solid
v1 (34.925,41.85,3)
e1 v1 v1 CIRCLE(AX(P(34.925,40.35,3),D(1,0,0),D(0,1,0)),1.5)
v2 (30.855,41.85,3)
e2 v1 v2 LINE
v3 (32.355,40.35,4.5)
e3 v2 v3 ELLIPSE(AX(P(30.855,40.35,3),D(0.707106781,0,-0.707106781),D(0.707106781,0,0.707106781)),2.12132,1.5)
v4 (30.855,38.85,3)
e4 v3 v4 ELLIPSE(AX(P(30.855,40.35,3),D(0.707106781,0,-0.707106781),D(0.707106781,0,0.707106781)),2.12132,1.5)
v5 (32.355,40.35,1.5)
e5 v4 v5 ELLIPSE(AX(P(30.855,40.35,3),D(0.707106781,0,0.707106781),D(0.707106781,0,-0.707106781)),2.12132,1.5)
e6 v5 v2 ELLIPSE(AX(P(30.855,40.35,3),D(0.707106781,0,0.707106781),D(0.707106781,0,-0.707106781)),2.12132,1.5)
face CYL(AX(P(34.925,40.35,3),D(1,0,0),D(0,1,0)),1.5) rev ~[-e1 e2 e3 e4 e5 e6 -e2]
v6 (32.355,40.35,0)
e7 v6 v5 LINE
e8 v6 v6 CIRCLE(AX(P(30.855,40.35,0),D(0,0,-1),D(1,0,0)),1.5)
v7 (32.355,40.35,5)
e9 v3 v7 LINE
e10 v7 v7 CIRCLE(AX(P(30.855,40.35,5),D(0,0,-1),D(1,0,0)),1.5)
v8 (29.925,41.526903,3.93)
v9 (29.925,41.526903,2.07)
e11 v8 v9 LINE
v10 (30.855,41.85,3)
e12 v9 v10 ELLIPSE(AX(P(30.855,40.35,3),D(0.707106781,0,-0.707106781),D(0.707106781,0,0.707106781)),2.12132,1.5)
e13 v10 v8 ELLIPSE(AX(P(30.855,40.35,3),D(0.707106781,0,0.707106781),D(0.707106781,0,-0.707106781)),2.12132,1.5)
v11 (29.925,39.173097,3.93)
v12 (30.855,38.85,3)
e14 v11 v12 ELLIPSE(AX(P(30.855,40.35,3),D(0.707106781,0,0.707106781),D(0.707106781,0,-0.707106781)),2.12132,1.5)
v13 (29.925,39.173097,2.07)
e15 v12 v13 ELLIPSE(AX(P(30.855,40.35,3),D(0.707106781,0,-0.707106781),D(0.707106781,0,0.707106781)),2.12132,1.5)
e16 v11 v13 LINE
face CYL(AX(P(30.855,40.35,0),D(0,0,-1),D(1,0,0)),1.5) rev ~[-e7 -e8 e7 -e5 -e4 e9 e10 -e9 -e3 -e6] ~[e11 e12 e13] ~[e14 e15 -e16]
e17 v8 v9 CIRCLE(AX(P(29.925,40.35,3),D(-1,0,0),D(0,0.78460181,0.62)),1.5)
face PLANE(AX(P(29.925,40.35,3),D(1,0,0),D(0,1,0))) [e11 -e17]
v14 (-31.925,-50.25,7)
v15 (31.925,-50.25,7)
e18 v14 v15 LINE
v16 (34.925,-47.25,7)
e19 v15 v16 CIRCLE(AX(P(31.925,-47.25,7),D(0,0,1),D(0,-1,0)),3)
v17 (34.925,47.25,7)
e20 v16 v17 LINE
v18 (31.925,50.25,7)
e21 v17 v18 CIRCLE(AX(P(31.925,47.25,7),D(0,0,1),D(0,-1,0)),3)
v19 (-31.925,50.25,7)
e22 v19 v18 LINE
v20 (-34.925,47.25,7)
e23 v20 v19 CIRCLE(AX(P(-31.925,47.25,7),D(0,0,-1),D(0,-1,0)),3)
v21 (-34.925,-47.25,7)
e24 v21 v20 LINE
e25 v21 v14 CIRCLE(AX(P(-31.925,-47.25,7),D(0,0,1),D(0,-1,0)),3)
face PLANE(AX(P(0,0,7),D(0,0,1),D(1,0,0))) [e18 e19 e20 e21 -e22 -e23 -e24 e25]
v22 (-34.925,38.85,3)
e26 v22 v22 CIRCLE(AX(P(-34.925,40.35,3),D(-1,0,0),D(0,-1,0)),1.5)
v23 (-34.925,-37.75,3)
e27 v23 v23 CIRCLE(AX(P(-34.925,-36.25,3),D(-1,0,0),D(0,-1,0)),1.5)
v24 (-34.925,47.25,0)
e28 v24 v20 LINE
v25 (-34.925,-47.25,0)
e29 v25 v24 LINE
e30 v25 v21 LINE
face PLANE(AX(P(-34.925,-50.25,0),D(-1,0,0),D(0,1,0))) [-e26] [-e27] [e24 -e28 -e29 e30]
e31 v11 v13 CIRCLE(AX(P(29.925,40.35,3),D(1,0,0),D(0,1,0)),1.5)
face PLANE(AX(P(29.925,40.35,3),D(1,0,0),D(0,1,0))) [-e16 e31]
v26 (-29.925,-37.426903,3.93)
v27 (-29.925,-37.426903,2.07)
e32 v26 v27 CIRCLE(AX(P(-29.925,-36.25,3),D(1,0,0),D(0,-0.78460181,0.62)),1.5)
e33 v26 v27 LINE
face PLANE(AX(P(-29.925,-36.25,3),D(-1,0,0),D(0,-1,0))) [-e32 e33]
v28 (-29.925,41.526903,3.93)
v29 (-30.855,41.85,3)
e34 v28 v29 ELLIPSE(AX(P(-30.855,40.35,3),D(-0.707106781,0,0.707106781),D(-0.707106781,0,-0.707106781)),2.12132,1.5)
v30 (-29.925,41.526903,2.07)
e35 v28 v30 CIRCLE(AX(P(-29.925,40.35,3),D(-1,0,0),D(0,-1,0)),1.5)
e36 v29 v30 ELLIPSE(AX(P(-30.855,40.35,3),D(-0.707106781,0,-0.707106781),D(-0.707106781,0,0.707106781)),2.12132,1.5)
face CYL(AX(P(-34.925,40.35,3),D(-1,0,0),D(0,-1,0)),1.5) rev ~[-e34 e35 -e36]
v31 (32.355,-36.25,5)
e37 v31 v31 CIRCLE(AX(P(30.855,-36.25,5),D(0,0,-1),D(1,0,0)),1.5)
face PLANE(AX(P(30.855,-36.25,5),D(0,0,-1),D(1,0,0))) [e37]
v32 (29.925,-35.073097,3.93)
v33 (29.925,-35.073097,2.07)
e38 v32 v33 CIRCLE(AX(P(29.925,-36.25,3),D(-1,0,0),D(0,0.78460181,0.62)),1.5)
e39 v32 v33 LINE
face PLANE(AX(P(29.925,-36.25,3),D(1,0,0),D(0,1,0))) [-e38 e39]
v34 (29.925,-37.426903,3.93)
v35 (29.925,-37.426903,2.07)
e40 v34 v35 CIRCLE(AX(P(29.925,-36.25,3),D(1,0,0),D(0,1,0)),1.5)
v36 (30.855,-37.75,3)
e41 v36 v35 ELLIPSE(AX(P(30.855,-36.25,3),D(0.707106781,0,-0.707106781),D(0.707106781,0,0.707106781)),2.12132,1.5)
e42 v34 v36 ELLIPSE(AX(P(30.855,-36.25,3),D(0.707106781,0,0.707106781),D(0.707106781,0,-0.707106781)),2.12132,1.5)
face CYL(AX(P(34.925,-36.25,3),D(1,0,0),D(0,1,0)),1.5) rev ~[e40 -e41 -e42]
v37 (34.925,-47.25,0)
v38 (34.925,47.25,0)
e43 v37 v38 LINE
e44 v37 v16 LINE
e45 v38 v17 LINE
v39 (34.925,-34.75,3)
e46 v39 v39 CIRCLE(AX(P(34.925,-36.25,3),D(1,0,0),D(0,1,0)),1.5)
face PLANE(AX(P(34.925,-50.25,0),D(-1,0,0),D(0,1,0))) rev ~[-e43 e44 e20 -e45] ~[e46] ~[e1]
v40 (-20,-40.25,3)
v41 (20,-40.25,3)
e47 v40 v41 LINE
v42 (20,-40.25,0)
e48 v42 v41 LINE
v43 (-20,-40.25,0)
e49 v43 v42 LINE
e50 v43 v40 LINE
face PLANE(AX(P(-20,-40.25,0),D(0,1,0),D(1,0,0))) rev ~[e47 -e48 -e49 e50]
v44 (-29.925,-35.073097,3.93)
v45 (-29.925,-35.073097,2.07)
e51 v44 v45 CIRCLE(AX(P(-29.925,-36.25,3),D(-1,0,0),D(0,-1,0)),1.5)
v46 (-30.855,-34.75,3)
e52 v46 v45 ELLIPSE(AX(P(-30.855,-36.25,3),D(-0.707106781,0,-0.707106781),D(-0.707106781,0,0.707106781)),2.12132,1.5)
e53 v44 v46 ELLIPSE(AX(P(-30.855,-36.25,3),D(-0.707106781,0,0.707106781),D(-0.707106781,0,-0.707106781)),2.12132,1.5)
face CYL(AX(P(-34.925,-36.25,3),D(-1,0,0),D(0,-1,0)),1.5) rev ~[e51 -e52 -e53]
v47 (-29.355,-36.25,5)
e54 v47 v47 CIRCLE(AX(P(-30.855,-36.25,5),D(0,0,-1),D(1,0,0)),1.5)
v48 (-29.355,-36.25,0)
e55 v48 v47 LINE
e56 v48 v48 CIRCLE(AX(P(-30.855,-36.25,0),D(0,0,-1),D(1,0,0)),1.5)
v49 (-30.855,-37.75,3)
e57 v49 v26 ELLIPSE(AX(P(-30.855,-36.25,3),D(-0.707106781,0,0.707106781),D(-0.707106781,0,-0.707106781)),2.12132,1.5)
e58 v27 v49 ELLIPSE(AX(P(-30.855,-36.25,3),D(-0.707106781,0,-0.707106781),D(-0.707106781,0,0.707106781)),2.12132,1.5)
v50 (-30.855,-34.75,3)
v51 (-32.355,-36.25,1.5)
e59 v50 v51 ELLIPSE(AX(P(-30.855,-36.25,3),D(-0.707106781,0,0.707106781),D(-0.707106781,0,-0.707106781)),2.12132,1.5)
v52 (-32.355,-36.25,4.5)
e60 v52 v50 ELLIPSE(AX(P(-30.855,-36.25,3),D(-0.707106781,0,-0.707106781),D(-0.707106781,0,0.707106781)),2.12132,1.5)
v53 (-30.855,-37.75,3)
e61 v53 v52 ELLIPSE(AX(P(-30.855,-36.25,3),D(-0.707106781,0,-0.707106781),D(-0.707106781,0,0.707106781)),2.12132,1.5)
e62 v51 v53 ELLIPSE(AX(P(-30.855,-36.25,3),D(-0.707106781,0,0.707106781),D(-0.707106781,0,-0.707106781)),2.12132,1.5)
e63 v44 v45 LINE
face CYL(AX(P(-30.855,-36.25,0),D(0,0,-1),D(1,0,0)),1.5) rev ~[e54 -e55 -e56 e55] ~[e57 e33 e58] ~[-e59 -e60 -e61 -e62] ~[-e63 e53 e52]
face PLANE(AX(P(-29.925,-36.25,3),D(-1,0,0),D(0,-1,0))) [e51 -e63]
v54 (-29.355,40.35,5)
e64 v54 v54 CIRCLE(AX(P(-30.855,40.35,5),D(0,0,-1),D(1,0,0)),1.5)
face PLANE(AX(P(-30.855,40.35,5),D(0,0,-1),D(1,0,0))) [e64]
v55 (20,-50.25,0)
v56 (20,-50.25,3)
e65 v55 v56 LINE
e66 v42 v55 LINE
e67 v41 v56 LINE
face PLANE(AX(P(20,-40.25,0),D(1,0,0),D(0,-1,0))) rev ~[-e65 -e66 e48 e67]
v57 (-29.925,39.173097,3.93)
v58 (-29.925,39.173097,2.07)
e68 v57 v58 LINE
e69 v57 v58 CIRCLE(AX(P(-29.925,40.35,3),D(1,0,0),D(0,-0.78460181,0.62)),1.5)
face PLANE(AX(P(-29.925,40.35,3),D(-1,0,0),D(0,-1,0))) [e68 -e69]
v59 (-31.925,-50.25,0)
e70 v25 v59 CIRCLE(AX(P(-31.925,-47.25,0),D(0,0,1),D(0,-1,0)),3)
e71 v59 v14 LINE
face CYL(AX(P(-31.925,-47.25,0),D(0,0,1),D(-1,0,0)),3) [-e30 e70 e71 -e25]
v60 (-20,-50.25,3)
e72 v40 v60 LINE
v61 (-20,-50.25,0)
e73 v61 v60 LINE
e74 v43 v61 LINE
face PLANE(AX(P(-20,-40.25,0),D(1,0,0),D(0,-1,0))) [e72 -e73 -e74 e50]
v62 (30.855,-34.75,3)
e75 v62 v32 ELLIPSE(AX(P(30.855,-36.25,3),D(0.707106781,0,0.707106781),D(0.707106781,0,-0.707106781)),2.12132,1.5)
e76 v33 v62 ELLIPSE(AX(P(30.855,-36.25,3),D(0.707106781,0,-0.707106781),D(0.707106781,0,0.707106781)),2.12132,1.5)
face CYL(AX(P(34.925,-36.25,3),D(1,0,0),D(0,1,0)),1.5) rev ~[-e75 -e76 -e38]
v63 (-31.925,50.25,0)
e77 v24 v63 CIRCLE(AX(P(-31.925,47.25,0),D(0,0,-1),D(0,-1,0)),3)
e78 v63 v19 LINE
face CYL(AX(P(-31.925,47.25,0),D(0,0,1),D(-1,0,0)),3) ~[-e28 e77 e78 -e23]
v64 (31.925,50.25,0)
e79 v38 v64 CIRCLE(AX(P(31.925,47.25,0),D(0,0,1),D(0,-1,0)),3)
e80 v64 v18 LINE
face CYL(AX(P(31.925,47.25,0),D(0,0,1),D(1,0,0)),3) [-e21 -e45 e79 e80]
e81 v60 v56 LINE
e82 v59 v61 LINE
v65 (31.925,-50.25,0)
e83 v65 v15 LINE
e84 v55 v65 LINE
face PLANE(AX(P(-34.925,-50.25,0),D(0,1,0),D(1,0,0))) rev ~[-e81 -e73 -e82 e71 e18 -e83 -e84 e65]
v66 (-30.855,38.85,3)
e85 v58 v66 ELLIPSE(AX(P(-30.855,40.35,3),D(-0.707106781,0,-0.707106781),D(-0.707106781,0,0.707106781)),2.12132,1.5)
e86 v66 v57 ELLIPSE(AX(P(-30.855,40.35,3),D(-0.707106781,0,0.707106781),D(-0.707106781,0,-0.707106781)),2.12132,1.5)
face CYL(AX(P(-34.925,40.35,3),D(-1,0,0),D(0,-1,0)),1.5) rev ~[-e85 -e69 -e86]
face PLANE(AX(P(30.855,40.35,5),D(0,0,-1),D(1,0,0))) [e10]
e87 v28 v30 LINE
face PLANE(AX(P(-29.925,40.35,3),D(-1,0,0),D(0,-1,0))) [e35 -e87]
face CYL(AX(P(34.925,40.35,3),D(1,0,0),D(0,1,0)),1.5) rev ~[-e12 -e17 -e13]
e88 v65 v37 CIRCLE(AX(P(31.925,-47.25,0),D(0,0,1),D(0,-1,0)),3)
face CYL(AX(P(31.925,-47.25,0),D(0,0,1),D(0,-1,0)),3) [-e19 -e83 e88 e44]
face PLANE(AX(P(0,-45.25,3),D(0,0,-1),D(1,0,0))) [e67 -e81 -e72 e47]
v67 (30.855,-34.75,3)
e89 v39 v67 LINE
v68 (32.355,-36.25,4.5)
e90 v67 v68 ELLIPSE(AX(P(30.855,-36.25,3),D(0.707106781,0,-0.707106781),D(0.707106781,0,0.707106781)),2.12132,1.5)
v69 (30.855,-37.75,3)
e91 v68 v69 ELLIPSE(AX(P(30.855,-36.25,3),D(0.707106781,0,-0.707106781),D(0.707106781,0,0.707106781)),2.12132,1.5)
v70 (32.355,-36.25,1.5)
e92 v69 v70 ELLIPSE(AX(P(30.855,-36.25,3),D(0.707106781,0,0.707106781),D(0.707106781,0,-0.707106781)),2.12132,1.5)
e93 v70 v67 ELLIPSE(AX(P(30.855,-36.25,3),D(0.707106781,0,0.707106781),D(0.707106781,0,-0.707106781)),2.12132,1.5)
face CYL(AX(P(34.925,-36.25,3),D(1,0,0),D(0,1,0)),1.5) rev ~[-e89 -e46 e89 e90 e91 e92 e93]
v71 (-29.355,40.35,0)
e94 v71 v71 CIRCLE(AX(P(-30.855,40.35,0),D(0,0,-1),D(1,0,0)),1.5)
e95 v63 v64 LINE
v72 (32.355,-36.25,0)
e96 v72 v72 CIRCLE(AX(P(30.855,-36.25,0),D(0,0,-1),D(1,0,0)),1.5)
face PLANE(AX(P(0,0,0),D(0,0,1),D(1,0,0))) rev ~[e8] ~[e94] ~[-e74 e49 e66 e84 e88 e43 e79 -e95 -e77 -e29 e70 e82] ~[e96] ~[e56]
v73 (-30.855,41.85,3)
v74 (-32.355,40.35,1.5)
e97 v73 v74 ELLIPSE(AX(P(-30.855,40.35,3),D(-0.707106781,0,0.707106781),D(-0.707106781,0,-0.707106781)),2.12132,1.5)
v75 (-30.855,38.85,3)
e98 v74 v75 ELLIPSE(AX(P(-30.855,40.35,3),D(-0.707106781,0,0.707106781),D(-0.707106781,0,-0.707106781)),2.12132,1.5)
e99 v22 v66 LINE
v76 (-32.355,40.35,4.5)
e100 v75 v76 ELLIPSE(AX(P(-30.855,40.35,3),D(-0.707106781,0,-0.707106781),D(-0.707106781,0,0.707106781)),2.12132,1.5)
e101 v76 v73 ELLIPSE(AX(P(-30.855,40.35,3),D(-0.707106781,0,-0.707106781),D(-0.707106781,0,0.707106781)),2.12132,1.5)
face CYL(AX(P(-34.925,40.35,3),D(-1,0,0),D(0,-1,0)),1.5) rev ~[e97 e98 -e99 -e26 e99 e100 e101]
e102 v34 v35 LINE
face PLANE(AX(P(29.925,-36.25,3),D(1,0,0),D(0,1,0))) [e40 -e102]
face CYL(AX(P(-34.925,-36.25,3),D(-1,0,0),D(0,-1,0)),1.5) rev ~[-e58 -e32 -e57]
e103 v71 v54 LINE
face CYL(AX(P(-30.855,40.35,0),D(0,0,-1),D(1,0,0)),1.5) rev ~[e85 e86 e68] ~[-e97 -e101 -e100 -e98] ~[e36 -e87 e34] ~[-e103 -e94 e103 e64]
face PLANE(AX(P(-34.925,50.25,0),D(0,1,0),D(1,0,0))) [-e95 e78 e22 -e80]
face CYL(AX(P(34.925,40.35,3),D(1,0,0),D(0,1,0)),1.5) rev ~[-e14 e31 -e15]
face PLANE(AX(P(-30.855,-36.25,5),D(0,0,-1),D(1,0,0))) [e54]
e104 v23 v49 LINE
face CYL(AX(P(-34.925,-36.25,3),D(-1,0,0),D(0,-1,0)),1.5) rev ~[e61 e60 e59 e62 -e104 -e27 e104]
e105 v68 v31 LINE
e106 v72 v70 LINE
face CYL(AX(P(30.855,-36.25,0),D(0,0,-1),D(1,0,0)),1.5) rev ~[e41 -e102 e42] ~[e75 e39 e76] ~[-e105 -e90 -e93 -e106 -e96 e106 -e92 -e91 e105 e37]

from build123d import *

# Parameters (mm, degrees)
F0_W      = 69.85
F0_H      = 100.5
F1_DEPTH  = 7
F2_R      = 3
F3_R      = 1.5
F4_DEPTH  = 5
F5_R      = 1.5
F6_DEPTH  = 5
F7_W      = 40
F7_H      = 10
F8_DEPTH  = 3
F9_R      = 1.5
F10_DEPTH = 5


with BuildPart() as f1:
    # F0 (on Top) → F1 (new body)
    with BuildSketch(Plane.XY):
        Rectangle(F0_W, F0_H)
    extrude(amount=F1_DEPTH)

    # F2
    f2_edges = [f1.edges().sort_by_distance(p)[0] for p in [
        (34.925, 50.25, 3.5),
        (-34.925, 50.25, 3.5),
        (34.925, -50.25, 3.5),
        (-34.925, -50.25, 3.5),
    ]]
    fillet(f2_edges, radius=F2_R)

    # F3 (on face) → F4 (cut)
    with BuildSketch(Plane.YZ.offset(34.925)):
        with Locations((-36.25, 3)):
            Circle(F3_R)
        with Locations((40.35, 3)):
            Circle(F3_R)
    extrude(amount=-F4_DEPTH, mode=Mode.SUBTRACT)

    # F5 (on face) → F6 (cut)
    with BuildSketch(Plane(origin=(-34.925, 0, 0), x_dir=(0, -1, 0), z_dir=(-1, 0, 0))):
        with Locations((36.25, 3)):
            Circle(F5_R)
        with Locations((-40.35, 3)):
            Circle(F5_R)
    extrude(amount=-F6_DEPTH, mode=Mode.SUBTRACT)

    # F7 (on face) → F8 (cut)
    with BuildSketch(Plane(origin=(0, 0, 0), x_dir=(1, 0, 0), z_dir=(0, 0, -1))):
        with Locations((0, 45.25)):
            Rectangle(F7_W, F7_H)
    extrude(amount=-F8_DEPTH, mode=Mode.SUBTRACT)

    # F9 (on face) → F10 (cut)
    with BuildSketch(Plane(origin=(0, 0, 0), x_dir=(1, 0, 0), z_dir=(0, 0, -1))):
        with Locations((-30.855, 36.25)):
            Circle(F9_R)
        with Locations((-30.855, -40.35)):
            Circle(F9_R)
        with Locations((30.855, -40.35)):
            Circle(F9_R)
        with Locations((30.855, 36.25)):
            Circle(F9_R)
    extrude(amount=-F10_DEPTH, mode=Mode.SUBTRACT)


solid = f1.part
